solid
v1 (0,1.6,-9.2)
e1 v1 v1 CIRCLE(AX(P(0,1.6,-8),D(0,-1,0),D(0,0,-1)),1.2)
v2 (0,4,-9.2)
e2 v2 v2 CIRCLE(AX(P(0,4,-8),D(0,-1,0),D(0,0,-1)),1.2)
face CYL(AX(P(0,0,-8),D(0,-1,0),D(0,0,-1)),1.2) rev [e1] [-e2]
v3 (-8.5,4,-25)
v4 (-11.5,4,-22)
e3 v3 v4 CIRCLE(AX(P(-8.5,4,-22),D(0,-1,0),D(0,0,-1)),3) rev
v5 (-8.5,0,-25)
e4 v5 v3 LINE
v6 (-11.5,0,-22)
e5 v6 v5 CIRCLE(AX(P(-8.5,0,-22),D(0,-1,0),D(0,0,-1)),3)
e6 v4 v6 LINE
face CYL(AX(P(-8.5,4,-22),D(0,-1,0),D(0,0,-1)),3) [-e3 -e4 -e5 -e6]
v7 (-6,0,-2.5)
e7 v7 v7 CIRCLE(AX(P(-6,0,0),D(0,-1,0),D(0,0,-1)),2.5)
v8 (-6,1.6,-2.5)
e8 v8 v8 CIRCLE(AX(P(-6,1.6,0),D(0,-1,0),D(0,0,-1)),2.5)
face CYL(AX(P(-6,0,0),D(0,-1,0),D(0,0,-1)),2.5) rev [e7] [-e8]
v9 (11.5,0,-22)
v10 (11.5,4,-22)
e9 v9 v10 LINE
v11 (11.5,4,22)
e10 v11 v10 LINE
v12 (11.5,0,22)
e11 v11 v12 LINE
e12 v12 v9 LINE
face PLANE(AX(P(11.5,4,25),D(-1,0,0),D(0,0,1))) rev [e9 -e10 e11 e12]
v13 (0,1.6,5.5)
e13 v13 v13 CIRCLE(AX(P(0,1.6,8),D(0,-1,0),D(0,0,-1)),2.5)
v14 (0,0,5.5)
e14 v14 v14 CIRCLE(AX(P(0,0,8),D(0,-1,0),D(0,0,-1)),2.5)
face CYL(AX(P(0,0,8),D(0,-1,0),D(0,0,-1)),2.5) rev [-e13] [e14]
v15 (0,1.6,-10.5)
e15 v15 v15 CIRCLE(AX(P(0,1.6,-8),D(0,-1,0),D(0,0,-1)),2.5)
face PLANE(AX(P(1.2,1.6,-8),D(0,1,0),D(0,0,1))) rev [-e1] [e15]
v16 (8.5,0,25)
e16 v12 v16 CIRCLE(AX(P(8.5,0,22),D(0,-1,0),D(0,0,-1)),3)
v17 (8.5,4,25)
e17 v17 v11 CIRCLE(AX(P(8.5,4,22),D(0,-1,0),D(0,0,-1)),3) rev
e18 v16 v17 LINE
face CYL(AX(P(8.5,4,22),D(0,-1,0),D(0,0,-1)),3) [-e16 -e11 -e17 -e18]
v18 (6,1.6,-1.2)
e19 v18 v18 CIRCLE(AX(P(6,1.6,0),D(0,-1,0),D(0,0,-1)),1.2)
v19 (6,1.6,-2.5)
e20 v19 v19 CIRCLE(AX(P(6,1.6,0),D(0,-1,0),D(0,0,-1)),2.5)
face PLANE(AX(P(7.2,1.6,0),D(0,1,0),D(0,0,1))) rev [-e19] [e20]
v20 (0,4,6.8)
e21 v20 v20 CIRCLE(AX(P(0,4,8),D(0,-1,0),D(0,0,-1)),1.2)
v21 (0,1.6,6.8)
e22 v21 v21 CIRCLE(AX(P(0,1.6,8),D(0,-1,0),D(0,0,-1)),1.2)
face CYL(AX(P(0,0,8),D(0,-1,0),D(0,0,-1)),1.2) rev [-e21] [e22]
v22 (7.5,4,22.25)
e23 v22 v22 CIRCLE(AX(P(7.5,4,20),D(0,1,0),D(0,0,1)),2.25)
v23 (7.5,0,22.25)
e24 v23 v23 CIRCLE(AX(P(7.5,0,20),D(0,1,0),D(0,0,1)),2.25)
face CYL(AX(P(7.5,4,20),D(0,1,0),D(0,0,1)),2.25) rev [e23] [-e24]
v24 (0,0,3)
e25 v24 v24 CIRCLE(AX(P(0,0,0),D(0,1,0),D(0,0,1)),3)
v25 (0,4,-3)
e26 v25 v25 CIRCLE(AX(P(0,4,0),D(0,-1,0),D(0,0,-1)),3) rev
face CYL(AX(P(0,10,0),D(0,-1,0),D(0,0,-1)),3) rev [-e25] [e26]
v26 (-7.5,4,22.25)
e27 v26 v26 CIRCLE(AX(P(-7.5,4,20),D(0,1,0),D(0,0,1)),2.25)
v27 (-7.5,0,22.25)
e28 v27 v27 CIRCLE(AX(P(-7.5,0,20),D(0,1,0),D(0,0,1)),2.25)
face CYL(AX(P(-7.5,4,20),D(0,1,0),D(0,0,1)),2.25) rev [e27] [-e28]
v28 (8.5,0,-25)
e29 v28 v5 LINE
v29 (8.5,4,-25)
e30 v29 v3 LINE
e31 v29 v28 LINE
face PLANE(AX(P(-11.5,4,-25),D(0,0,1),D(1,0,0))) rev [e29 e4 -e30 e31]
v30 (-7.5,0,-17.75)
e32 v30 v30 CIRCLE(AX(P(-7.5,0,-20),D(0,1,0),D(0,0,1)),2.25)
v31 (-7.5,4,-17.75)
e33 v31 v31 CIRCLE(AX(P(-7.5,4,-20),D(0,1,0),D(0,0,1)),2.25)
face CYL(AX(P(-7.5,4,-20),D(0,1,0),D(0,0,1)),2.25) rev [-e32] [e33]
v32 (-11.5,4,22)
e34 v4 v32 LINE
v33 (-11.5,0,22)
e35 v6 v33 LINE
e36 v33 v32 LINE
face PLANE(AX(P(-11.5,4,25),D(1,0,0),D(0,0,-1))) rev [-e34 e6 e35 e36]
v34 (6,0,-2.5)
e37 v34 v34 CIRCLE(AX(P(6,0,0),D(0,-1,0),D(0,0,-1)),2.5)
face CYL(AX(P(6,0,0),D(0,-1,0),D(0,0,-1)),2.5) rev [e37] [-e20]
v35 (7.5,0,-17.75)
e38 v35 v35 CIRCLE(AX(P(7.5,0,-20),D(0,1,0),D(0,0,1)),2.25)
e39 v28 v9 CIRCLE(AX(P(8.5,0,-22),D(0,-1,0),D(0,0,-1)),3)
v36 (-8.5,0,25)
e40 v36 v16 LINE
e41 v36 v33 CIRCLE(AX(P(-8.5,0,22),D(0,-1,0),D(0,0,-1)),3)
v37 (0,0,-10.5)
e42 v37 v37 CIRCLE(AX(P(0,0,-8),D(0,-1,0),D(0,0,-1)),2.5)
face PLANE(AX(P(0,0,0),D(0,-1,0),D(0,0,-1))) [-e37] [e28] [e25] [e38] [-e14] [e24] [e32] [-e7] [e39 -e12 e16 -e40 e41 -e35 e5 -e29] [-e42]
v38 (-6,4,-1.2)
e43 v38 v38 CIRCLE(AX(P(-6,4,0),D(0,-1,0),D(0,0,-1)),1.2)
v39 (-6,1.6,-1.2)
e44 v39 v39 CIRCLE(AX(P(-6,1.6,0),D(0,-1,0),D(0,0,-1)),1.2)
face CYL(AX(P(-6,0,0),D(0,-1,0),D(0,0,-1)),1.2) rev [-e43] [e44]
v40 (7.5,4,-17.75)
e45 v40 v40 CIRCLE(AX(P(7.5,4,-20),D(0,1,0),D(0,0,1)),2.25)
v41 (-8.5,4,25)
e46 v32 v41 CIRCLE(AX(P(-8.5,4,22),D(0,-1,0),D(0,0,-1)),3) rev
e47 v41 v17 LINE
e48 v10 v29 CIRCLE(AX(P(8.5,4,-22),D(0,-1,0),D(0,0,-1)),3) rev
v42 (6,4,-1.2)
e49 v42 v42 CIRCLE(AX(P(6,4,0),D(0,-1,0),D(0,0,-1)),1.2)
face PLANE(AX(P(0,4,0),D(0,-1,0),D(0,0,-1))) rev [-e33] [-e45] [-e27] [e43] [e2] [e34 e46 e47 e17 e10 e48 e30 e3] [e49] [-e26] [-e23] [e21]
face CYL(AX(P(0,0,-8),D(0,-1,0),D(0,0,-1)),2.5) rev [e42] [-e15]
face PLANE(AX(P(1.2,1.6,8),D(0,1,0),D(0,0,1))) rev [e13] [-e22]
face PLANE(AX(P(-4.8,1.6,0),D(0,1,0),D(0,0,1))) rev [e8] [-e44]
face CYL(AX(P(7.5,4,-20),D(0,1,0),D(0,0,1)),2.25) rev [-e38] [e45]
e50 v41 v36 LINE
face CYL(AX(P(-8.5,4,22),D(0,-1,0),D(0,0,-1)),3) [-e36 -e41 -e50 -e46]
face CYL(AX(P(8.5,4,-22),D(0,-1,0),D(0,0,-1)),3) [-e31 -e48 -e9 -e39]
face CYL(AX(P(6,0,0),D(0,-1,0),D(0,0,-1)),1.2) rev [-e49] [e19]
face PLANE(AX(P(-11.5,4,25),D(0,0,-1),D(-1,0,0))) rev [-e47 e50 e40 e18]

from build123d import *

# Parameters (mm, degrees)
SKETCH1_W                                        = 23
SKETCH1_H                                        = 50
BOSS_EXTRUDE1_DEPTH                              = 4
M4_CLEARANCE_HOLE1_D                             = 4.5
FILLET1_R                                        = 3
SKETCH4_R                                        = 3
CUT_EXTRUDE1_DEPTH                               = 10
CBORE_FOR_M2_PAN_HEAD_MACHINE_SCREW1_D           = 2.4
CBORE_FOR_M2_PAN_HEAD_MACHINE_SCREW1_CBORE_D     = 5
CBORE_FOR_M2_PAN_HEAD_MACHINE_SCREW1_CBORE_DEPTH = 1.6


with BuildPart() as part:
    # Sketch1 → Boss-Extrude1 (new body)
    with BuildSketch(Plane(origin=(0, 0, 0), x_dir=(1, 0, 0), z_dir=(0, 1, 0))):
        Rectangle(SKETCH1_W, SKETCH1_H)
    extrude(amount=BOSS_EXTRUDE1_DEPTH)

    # M4 Clearance Hole1 (through all)
    with Locations(Plane(origin=(0, 4, 0), x_dir=(1, 0, 0), z_dir=(0, 1, 0))):
        with Locations((-7.5, 20), (7.5, 20), (-7.5, -20), (7.5, -20)):
            Hole(M4_CLEARANCE_HOLE1_D / 2)

    # Fillet1
    fillet1_edges = [part.edges().sort_by_distance(p)[0] for p in [
        (11.5, 2, 25),
        (-11.5, 2, 25),
        (-11.5, 2, -25),
        (11.5, 2, -25),
    ]]
    fillet(fillet1_edges, radius=FILLET1_R)

    # Sketch4 → Cut-Extrude1 (cut)
    with BuildSketch(Plane(origin=(0, 0, 0), x_dir=(1, 0, 0), z_dir=(0, 1, 0))):
        with Locations(Location((0, 0, 0), (0, 0, 90))):
            Circle(SKETCH4_R)
    extrude(amount=CUT_EXTRUDE1_DEPTH, mode=Mode.SUBTRACT)

    # CBORE for M2 Pan Head Machine Screw1 (through all)
    with Locations(Plane(origin=(0, 0, 0), x_dir=(-1, 0, 0), z_dir=(0, -1, 0))):
        with Locations((0, -8), (-6, 0), (0, 8), (6, 0)):
            CounterBoreHole(CBORE_FOR_M2_PAN_HEAD_MACHINE_SCREW1_D / 2, CBORE_FOR_M2_PAN_HEAD_MACHINE_SCREW1_CBORE_D / 2, CBORE_FOR_M2_PAN_HEAD_MACHINE_SCREW1_CBORE_DEPTH)


solid = part.part
